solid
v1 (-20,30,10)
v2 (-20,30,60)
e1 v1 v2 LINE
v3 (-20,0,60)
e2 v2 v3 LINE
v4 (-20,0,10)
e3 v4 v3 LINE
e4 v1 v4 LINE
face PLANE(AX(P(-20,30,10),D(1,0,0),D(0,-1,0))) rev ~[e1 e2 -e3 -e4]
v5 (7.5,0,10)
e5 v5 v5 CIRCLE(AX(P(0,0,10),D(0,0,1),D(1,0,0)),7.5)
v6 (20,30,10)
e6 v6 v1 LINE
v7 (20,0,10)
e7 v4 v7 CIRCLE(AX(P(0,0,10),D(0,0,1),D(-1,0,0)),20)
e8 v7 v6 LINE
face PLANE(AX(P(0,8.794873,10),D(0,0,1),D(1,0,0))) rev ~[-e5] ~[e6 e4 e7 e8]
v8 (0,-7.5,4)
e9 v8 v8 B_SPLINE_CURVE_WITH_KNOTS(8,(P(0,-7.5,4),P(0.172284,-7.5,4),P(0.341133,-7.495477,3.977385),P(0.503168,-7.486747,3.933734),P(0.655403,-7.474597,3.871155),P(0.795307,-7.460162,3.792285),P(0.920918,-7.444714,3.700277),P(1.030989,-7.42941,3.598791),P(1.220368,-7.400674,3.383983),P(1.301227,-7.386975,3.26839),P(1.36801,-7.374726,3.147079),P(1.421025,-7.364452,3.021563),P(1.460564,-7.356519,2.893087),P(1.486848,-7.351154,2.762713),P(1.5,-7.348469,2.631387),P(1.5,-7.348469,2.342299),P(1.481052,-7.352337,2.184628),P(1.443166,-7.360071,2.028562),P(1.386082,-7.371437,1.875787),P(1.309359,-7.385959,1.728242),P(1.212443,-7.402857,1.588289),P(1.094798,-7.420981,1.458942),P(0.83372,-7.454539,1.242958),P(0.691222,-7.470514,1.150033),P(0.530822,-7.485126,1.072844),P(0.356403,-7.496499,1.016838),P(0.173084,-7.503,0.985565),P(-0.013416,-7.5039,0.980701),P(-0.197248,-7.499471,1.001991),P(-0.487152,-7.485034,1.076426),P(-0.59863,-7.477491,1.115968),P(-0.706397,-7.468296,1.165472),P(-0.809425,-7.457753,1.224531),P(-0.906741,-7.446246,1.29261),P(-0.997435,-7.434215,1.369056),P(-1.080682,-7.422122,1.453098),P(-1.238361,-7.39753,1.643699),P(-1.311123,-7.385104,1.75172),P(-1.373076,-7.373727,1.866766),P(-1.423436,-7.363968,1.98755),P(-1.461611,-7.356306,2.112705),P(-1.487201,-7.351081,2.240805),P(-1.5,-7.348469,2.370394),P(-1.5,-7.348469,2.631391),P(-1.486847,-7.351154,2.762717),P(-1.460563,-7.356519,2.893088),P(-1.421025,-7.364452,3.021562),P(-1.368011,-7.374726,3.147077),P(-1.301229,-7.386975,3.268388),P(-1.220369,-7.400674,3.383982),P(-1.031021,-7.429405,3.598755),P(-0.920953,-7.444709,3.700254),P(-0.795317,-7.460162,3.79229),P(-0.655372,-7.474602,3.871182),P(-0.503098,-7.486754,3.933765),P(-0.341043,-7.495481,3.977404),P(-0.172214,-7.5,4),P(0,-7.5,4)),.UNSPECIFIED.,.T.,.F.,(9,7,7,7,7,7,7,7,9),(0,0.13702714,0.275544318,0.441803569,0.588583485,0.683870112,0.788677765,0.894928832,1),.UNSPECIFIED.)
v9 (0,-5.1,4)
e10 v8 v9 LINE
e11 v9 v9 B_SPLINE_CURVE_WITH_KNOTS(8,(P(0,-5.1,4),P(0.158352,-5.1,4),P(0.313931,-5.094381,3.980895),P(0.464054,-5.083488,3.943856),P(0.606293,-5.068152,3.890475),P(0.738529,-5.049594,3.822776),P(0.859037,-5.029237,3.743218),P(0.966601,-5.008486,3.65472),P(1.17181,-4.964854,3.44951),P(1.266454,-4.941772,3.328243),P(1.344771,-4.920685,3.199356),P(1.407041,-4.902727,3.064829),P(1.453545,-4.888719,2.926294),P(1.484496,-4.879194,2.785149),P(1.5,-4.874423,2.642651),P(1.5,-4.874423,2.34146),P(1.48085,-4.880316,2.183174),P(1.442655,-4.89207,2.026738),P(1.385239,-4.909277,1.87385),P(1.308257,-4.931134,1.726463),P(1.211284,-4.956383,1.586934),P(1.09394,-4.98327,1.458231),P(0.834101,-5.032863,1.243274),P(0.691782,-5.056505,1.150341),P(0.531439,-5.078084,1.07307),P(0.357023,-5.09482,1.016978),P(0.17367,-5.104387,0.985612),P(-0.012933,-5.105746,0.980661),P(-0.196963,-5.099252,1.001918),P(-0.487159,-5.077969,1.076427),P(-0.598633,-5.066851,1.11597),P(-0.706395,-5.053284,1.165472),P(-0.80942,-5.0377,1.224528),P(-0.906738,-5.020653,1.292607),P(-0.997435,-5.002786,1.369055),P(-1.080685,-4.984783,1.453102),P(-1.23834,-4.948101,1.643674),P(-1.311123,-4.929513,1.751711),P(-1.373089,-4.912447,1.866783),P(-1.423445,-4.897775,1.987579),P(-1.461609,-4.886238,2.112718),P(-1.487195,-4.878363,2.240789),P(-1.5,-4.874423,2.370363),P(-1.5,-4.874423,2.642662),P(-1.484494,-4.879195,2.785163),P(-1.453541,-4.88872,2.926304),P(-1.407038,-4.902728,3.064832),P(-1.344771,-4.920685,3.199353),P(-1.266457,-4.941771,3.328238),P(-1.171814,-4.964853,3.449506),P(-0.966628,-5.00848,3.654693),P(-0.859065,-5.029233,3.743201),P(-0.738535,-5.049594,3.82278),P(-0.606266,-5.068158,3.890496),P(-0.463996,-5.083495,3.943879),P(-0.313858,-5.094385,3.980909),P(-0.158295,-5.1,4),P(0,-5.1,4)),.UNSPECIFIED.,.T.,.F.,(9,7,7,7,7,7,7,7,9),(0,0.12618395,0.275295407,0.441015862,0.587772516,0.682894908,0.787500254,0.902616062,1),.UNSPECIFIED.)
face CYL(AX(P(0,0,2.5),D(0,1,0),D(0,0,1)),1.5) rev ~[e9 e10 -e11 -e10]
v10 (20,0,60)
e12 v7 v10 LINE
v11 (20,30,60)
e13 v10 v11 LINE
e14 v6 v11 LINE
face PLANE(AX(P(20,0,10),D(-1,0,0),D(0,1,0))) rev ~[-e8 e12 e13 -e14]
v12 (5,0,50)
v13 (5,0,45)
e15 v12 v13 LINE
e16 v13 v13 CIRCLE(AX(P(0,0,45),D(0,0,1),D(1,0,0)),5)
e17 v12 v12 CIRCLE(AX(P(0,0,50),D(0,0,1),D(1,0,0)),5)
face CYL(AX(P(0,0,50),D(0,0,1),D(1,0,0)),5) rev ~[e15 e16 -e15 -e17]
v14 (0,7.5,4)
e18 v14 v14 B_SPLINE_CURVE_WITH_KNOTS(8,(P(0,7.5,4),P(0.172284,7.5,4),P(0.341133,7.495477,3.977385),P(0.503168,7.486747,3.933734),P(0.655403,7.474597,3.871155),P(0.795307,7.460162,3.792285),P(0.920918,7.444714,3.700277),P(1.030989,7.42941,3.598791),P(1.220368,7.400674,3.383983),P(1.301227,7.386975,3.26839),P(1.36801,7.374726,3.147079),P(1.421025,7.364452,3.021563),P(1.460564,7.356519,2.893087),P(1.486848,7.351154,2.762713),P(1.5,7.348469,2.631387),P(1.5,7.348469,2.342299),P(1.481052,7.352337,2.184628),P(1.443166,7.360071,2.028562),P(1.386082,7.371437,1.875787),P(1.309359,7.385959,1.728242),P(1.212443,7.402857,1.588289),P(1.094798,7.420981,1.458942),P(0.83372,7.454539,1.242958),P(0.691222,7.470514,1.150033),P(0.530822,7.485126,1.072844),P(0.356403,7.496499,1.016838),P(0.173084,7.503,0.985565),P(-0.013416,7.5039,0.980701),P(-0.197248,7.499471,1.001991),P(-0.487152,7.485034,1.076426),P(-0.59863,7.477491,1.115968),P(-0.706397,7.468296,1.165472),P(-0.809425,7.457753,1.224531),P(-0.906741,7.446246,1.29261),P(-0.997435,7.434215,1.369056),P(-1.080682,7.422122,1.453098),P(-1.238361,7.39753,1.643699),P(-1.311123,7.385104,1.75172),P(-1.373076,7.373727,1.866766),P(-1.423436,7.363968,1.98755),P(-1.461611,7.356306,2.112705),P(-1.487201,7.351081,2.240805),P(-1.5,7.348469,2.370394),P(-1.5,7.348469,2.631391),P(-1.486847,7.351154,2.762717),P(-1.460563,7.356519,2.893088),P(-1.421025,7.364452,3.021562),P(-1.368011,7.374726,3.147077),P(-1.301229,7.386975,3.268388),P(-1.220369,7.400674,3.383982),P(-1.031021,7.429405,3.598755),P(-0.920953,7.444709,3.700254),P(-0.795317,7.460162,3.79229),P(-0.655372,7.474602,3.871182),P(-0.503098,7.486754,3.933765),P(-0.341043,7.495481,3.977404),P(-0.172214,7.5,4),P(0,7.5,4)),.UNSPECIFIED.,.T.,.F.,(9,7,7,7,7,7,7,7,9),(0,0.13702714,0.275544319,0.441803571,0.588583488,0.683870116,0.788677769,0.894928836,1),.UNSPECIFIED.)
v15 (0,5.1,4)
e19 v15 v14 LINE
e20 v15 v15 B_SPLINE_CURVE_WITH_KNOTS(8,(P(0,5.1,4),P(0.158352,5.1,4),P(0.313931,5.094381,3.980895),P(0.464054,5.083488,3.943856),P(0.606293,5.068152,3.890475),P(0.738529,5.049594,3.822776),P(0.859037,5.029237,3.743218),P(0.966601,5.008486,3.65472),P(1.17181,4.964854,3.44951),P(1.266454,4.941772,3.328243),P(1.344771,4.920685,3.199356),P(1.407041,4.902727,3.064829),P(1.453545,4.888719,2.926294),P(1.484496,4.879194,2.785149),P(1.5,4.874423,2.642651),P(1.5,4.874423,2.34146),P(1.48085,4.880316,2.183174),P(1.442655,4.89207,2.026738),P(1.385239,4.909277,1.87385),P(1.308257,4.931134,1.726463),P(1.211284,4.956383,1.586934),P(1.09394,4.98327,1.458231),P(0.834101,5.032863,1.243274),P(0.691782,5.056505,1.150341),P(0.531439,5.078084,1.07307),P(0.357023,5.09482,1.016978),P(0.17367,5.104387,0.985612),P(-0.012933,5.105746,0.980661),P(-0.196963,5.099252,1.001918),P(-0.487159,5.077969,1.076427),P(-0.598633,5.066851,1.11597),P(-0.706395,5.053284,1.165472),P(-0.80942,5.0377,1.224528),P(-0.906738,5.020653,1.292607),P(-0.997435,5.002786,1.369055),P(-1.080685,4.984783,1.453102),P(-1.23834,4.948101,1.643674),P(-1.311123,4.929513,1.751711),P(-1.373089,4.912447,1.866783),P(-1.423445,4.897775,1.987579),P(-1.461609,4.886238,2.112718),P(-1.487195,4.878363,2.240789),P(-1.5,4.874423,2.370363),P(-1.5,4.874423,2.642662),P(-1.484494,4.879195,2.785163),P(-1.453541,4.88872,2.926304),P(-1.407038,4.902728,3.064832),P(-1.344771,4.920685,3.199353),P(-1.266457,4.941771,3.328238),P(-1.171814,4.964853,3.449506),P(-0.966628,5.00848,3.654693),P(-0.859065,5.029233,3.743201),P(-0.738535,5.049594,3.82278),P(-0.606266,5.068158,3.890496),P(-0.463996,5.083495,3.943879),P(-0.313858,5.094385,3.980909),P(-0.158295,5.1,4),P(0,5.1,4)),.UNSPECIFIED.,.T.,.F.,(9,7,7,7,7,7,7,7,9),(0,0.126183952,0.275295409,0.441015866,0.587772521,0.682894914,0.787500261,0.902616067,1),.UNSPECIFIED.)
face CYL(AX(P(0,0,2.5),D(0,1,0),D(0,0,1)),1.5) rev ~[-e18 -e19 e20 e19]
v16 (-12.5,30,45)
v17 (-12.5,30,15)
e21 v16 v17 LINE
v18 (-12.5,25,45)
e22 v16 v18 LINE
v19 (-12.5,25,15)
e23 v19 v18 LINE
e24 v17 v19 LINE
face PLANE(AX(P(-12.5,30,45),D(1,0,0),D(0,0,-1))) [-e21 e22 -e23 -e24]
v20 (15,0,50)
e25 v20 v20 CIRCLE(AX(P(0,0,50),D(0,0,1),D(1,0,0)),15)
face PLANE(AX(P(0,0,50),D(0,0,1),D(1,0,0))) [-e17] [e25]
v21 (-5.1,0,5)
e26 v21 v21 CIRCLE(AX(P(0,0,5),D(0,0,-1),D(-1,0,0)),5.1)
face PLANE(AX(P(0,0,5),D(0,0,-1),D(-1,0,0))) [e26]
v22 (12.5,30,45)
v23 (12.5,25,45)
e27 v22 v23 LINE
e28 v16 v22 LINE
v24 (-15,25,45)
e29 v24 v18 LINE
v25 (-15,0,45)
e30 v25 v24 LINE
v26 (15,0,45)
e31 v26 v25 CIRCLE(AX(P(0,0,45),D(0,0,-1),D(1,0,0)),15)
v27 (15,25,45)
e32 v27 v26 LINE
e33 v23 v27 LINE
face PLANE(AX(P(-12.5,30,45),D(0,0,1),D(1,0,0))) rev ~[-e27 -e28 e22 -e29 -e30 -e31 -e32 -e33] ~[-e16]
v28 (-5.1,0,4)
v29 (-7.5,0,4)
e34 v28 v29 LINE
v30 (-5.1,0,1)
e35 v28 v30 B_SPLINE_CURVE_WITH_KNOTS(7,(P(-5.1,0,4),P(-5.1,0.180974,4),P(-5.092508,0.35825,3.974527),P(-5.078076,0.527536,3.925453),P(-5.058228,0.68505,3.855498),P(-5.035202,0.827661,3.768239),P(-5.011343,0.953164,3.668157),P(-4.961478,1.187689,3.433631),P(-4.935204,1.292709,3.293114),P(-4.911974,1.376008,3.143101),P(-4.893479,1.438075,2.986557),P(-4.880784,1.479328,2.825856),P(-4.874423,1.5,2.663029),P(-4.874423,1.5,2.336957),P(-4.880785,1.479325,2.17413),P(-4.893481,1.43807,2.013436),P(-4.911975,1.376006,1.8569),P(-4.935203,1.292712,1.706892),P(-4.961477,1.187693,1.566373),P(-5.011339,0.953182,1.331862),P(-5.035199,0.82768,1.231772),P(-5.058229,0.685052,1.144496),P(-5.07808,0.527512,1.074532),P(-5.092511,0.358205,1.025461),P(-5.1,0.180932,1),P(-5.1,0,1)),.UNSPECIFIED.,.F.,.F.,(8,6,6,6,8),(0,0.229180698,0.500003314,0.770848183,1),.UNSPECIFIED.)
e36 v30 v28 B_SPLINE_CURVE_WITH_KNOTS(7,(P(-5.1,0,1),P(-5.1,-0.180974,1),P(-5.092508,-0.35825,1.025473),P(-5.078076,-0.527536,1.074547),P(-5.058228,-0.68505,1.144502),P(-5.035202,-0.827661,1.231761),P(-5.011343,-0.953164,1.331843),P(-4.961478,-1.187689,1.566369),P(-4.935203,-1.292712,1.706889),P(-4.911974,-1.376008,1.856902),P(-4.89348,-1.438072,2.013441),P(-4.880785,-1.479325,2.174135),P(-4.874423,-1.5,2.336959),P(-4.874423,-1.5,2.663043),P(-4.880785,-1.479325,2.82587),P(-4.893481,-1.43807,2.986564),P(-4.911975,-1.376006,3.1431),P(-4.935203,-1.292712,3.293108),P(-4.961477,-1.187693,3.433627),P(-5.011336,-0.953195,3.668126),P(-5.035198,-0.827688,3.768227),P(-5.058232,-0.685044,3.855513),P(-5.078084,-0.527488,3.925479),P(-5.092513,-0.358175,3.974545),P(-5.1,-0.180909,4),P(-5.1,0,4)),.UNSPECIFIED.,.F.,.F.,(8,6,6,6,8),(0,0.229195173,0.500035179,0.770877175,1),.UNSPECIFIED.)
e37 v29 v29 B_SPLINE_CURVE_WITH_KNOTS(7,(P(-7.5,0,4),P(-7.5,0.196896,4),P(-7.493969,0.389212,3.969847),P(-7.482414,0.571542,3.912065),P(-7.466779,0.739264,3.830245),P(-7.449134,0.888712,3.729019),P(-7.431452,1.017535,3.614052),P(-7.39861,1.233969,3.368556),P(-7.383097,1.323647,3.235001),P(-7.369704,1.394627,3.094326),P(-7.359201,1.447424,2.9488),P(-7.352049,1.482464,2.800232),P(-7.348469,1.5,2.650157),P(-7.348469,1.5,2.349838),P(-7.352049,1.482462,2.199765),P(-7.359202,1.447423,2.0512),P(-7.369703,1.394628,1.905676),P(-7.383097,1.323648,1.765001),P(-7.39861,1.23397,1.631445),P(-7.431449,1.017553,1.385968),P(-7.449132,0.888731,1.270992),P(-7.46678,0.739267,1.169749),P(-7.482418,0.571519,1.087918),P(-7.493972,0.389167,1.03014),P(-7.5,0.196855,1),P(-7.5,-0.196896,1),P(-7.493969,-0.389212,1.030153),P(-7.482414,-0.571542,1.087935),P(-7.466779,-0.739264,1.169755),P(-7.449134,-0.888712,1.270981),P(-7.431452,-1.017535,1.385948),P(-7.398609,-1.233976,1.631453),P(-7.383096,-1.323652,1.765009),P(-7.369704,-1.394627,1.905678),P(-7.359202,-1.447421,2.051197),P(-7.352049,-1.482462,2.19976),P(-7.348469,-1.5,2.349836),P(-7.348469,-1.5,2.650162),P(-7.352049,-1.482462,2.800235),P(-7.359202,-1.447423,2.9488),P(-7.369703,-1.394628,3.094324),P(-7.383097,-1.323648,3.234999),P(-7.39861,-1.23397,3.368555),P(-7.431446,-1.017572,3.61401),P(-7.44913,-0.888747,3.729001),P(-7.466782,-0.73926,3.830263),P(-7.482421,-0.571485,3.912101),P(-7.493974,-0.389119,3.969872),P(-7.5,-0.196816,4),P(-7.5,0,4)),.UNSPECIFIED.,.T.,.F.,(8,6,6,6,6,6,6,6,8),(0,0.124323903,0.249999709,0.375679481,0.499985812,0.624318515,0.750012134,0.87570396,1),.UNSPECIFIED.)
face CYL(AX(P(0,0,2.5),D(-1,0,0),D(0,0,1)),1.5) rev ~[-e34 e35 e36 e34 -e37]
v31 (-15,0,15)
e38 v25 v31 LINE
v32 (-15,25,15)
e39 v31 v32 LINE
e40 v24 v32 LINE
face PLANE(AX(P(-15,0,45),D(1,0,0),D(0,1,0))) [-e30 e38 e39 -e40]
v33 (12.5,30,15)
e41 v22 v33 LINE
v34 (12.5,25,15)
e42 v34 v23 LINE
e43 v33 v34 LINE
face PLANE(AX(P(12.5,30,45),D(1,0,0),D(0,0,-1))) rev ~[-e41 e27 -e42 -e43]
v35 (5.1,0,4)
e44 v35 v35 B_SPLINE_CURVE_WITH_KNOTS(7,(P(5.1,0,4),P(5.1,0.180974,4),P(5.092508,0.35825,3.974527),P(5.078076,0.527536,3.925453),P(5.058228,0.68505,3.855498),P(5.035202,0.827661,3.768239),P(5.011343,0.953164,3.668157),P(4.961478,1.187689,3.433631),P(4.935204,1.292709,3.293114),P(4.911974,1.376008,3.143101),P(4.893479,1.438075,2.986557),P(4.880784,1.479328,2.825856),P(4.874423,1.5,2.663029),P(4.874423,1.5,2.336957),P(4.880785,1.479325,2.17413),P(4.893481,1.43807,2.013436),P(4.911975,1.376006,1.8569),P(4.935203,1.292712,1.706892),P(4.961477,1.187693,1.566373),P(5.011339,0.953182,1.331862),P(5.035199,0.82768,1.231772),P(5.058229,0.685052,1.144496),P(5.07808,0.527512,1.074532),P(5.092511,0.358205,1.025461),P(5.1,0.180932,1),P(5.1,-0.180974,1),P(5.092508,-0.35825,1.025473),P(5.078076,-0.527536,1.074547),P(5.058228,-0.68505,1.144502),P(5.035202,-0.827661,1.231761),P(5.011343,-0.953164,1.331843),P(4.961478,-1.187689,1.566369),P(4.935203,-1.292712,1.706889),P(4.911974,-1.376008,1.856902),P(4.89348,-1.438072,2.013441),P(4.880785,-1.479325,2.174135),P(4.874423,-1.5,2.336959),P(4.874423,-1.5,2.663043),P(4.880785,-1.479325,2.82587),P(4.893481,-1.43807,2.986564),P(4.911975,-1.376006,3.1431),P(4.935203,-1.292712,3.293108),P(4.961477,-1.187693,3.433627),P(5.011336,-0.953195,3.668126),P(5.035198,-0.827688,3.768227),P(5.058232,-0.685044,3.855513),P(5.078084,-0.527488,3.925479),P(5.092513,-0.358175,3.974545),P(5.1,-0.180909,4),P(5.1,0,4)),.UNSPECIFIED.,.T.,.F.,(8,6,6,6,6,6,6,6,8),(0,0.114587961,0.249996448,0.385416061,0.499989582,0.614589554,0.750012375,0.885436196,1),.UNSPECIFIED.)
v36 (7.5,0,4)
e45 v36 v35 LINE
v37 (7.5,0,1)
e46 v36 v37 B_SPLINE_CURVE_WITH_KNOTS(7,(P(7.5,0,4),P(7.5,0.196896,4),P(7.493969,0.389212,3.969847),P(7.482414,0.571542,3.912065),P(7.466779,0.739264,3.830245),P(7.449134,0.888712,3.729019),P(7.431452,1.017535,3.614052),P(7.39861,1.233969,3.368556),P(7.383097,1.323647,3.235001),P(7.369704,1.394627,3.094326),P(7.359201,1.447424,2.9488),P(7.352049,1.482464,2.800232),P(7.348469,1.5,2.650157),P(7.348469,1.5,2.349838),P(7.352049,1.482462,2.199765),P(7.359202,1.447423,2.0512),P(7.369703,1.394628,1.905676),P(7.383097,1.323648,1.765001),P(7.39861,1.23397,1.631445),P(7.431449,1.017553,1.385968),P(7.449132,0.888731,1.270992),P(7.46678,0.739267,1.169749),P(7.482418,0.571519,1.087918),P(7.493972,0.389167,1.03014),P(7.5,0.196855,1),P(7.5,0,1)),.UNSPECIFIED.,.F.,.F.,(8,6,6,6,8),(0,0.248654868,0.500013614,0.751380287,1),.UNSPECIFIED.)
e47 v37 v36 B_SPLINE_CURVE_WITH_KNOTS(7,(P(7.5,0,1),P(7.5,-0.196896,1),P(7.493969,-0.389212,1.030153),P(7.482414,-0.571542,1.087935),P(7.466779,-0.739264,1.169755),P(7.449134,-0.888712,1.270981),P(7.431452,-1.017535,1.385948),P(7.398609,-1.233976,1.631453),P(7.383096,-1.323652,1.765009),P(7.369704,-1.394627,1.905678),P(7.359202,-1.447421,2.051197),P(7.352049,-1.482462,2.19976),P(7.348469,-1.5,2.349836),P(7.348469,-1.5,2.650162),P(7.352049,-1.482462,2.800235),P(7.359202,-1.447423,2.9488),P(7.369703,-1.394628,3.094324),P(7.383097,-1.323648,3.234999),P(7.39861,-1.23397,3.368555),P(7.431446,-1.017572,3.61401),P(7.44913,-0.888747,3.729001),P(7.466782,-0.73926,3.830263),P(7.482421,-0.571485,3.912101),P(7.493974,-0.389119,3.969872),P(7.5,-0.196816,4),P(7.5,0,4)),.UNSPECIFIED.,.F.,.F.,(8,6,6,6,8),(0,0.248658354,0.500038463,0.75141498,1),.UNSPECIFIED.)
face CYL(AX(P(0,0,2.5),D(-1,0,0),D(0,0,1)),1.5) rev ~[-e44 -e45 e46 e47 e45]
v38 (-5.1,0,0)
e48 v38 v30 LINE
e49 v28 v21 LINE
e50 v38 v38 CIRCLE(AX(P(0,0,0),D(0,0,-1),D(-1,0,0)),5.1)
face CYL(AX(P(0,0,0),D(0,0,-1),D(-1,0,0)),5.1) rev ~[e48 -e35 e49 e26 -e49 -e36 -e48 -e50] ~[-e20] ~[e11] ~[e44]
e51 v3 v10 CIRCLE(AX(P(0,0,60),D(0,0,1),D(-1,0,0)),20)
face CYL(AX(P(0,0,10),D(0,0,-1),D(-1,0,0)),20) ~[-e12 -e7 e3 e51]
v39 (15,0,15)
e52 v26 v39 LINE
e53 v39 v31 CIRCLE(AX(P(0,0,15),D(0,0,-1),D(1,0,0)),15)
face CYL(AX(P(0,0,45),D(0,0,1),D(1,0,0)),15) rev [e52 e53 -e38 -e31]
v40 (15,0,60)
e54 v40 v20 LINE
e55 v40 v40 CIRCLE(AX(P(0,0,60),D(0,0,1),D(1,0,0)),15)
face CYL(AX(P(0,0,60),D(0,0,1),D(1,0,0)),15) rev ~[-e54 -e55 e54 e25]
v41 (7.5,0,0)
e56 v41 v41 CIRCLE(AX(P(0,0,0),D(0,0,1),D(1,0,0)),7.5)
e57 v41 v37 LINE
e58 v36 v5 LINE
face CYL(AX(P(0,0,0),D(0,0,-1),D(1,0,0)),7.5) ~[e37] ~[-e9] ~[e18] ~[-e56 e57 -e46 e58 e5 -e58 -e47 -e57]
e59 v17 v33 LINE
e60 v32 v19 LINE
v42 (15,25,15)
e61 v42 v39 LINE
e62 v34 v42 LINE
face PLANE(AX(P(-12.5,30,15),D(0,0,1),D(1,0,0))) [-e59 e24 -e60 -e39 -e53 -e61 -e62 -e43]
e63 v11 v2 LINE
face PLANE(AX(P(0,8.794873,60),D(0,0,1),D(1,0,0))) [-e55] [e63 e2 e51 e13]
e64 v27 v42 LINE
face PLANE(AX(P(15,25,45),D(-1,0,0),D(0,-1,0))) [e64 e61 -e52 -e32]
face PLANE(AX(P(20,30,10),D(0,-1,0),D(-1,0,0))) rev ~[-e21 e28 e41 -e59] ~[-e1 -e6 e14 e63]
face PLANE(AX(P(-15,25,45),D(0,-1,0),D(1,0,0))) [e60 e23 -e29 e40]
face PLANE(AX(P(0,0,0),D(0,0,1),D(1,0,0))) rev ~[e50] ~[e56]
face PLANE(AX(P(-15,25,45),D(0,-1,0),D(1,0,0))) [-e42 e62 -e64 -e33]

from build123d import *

# Parameters (mm, degrees)
SKETCH1_R           = 7.5
BOSS_EXTRUDE1_DEPTH = 10
BOSS_EXTRUDE2_DEPTH = 50
SKETCH3_R           = 15
CUT_EXTRUDE1_DEPTH  = 10
CUT_EXTRUDE2_START  = -30
CUT_EXTRUDE2_DEPTH  = 30
SKETCH6_W           = 25
SKETCH6_H           = 30
CUT_EXTRUDE3_DEPTH  = 30
SKETCH7_R           = 5
CUT_EXTRUDE4_DEPTH  = 30
SKETCH8_R           = 5.1
CUT_EXTRUDE5_DEPTH  = 5
SKETCH9_R           = 1.5
CUT_EXTRUDE6_DEPTH  = 71
CIRPATTERN1_COUNT   = 2
CIRPATTERN1_ANGLE   = 90


with BuildPart() as part:
    # Sketch1 → Boss-Extrude1 (new body)
    with BuildSketch(Plane.XY):
        Circle(SKETCH1_R)
    extrude(amount=BOSS_EXTRUDE1_DEPTH)

    # Sketch2 → Boss-Extrude2 (add)
    with BuildSketch(Plane.XY.offset(10)):
        with BuildLine():
            Line((20, 0), (20, 30))
            Line((20, 30), (-20, 30))
            Line((-20, 30), (-20, 0))
            ThreePointArc((-20, 0), (0, -20), (20, 0))
        make_face()
    extrude(amount=BOSS_EXTRUDE2_DEPTH)

    # Sketch3 → Cut-Extrude1 (cut)
    with BuildSketch(Plane.XY.offset(60)):
        Circle(SKETCH3_R)
    extrude(amount=-CUT_EXTRUDE1_DEPTH, mode=Mode.SUBTRACT)

    # Sketch5 → Cut-Extrude2 (cut)
    with BuildSketch(Plane(origin=(0, 0, 15), x_dir=(-1, 0, 0), z_dir=(0, 0, -1)).offset(CUT_EXTRUDE2_START)):
        with BuildLine():
            Line((15, 25), (-15, 25))
            Line((-15, 25), (-15, 0))
            ThreePointArc((-15, 0), (0, -15), (15, 0))
            Line((15, 0), (15, 25))
        make_face()
    extrude(amount=CUT_EXTRUDE2_DEPTH, mode=Mode.SUBTRACT)

    # Sketch6 → Cut-Extrude3 (cut)
    with BuildSketch(Plane(origin=(0, 30, 0), x_dir=(1, 0, 0), z_dir=(0, 1, 0))):
        with Locations((0, -30)):
            Rectangle(SKETCH6_W, SKETCH6_H)
    extrude(amount=-CUT_EXTRUDE3_DEPTH, mode=Mode.SUBTRACT)

    # Sketch7 → Cut-Extrude4 (cut)
    with BuildSketch(Plane.XY.offset(50)):
        Circle(SKETCH7_R)
    extrude(amount=-CUT_EXTRUDE4_DEPTH, mode=Mode.SUBTRACT)

    # Sketch8 → Cut-Extrude5 (cut)
    with BuildSketch(Plane(origin=(0, 0, 0), x_dir=(-1, 0, 0), z_dir=(0, 0, -1))):
        Circle(SKETCH8_R)
    extrude(amount=-CUT_EXTRUDE5_DEPTH, mode=Mode.SUBTRACT)

    # Sketch9 → Cut-Extrude6 (cut, symmetric)
    with BuildSketch(Plane(origin=(0, 0, 0), x_dir=(1, 0, 0), z_dir=(0, 1, 0))):
        with Locations(Location((0, -2.5, 0), (0, 0, 270))):
            Circle(SKETCH9_R)
    cut_extrude6 = extrude(amount=CUT_EXTRUDE6_DEPTH, both=True, mode=Mode.SUBTRACT)

    # CirPattern1: Cut-Extrude6 ×2 about axis
    cirpattern1_axis = Axis((0, 0, 0), (0, 0, 1))
    for i in range(1, CIRPATTERN1_COUNT):
        add(cut_extrude6.rotate(cirpattern1_axis, i * CIRPATTERN1_ANGLE / (CIRPATTERN1_COUNT - 1)), mode=Mode.SUBTRACT)


solid = part.part
